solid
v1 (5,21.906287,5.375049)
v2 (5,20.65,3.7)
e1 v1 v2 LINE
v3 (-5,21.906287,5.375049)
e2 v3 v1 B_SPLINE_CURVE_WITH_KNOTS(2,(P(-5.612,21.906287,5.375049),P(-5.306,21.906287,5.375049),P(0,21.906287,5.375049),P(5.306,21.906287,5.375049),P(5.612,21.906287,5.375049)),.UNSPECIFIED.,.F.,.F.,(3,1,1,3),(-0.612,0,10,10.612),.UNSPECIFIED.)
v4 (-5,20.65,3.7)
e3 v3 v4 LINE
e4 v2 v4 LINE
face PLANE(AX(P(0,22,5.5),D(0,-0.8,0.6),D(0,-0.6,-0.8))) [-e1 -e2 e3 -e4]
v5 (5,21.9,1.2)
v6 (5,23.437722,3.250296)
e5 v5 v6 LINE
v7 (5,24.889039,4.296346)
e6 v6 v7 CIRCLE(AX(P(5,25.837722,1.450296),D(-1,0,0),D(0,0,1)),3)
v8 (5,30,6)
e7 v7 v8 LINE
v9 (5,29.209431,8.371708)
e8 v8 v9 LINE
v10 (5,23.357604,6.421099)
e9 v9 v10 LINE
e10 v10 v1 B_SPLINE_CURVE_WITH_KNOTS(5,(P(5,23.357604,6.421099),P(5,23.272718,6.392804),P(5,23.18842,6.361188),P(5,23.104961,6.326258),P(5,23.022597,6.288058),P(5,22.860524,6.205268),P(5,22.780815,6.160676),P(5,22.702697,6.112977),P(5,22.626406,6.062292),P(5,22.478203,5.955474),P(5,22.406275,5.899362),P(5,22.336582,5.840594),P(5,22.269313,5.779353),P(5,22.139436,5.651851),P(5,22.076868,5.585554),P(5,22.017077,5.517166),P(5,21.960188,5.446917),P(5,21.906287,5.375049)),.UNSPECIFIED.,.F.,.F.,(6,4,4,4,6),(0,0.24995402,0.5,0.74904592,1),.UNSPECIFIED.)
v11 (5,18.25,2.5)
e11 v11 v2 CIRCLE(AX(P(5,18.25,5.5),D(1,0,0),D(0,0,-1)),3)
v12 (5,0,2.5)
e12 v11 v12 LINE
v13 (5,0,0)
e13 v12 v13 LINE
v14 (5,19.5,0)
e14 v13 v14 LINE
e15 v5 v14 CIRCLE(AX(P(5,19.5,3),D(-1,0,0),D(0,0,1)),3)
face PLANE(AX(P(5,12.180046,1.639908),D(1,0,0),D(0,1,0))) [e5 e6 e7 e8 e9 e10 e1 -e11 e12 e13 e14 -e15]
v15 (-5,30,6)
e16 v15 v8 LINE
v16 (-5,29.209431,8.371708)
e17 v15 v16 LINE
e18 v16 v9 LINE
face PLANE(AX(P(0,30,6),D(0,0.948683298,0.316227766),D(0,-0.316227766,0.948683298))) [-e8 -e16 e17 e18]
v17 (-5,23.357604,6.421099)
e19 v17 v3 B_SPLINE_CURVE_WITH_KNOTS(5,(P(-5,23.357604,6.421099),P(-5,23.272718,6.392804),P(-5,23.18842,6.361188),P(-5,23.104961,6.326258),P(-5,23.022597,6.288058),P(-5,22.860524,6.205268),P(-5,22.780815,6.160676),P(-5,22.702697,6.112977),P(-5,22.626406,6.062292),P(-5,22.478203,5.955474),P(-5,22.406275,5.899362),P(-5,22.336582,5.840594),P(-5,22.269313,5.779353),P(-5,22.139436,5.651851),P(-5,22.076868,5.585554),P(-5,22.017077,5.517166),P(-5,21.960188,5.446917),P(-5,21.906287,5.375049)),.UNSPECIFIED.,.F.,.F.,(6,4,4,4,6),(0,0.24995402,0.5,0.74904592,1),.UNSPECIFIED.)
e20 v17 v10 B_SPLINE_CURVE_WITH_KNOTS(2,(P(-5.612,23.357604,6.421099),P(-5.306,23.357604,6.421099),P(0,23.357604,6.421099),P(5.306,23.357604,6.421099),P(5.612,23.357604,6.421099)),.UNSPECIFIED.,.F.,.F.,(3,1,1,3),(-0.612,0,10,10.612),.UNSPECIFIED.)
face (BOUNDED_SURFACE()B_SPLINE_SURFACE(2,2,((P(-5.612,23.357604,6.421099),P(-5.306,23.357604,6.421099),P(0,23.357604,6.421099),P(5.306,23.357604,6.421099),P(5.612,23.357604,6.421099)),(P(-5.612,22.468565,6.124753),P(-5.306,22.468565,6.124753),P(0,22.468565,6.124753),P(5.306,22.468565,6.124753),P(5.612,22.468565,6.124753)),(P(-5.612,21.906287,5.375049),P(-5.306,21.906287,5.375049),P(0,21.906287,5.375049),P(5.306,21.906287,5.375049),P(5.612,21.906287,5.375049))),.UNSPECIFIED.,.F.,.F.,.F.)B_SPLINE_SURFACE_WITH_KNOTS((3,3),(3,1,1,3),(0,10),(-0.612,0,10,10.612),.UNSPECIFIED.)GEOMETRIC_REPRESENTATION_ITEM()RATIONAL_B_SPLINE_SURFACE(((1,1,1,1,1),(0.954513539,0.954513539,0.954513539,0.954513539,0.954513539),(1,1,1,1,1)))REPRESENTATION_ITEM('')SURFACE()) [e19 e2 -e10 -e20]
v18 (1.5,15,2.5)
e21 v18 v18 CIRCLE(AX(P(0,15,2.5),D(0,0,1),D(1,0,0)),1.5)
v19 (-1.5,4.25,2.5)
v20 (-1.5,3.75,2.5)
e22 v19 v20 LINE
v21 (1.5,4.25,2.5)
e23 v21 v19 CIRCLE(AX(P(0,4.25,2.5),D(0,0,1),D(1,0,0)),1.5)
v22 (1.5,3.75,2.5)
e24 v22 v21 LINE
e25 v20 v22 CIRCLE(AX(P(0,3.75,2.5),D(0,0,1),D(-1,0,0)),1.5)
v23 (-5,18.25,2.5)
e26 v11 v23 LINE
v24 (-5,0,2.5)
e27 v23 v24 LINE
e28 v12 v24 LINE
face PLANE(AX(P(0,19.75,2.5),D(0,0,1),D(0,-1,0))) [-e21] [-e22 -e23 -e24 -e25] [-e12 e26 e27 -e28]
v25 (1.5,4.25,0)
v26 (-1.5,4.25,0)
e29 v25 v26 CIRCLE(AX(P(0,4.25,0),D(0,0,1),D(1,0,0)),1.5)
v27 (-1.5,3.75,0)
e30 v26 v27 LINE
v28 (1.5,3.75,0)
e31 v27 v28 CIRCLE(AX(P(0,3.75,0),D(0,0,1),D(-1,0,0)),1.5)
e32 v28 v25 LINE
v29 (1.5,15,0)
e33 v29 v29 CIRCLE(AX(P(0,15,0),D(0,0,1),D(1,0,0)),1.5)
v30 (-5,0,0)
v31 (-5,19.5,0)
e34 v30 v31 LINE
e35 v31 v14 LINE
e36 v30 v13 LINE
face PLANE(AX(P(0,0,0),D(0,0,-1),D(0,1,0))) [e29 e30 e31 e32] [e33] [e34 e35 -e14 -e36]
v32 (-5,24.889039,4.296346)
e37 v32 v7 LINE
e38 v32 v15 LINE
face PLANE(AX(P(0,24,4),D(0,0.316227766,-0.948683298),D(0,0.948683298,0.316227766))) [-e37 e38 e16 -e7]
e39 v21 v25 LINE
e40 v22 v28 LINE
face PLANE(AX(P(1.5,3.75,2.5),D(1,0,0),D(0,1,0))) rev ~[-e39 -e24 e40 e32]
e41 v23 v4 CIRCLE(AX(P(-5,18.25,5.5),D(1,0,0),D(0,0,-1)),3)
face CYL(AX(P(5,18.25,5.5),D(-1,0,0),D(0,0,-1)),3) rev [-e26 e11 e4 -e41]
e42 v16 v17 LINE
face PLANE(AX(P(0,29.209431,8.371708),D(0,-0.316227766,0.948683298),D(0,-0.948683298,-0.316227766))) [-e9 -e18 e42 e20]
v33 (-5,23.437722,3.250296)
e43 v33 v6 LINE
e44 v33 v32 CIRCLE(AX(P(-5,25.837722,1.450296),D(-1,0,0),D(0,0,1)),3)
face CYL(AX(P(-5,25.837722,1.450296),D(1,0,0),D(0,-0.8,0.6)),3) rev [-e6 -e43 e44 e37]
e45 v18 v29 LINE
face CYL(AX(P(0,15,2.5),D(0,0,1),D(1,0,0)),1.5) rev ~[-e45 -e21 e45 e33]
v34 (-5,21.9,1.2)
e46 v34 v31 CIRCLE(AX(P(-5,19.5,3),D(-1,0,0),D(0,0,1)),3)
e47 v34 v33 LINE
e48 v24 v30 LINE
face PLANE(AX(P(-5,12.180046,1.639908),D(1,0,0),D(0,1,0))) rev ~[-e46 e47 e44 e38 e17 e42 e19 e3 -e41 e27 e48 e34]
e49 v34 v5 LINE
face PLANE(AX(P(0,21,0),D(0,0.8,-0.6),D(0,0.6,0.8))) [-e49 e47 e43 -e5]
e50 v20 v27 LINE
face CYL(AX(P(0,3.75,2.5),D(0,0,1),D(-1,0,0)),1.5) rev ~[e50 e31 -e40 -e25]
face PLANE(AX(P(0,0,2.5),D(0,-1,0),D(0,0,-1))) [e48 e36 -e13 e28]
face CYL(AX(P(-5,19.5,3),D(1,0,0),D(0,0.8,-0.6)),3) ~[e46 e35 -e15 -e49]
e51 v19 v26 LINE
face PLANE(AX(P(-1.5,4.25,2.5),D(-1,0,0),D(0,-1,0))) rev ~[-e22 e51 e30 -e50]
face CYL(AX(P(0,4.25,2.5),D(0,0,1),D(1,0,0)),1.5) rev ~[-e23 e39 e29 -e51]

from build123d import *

# Parameters (mm, degrees)
F1_DEPTH      = 5
F1_DEPTH_BACK = 5
F2_R          = 3
F3_R          = 3
F4_R          = 1.5
F5_DEPTH      = 2.5


with BuildPart() as f1:
    # F0 (on Right) → F1 (new body, two sides)
    with BuildSketch(Plane.YZ) as f1_sk:
        Polygon((0, 2.5), (0, 0), (21, 0), (24, 4), (22, 5.5), (19.75, 2.5), align=None)
        Polygon((22, 5.5), (24, 4), (30, 6), (29.209430585, 8.3717082451), (22.4685647168, 6.1247529557), align=None)
    extrude(amount=F1_DEPTH)
    extrude(f1_sk.sketch, amount=-F1_DEPTH_BACK)

    # F2
    f2_edges = [f1.edges().sort_by_distance(p)[0] for p in [
        (0, 21, 0),
        (0, 19.75, 2.5),
    ]]
    fillet(f2_edges, radius=F2_R)

    # F3
    f3_edges = [f1.edges().sort_by_distance(p)[0] for p in [
        (0, 22.468565, 6.124753),
        (0, 24, 4),
    ]]
    fillet(f3_edges, radius=F3_R)

    # F4 (on face) → F5 (cut, through all)
    with BuildSketch(Plane.XY.offset(2.5)):
        with Locations((0, 15)):
            Circle(F4_R)
        with BuildLine():
            ThreePointArc((1.4947825929, 3.875), (1.4986950806, 3.937445581), (1.5, 4))
            ThreePointArc((1.5, 4), (1.4986950806, 4.062554419), (1.4947825929, 4.125))
            ThreePointArc((1.4947825929, 4.125), (1.4882142436, 4.0623344324), (1.4790199458, 4))
            ThreePointArc((1.4790199458, 4), (1.4882142436, 3.9376655676), (1.4947825929, 3.875))
        make_face()
        with BuildLine():
            ThreePointArc((-1.4790199458, 4), (-1.4882142436, 4.0623344324), (-1.4947825929, 4.125))
            ThreePointArc((-1.4947825929, 4.125), (-1.4986950806, 4.062554419), (-1.5, 4))
            ThreePointArc((-1.5, 4), (-1.4986950806, 3.937445581), (-1.4947825929, 3.875))
            ThreePointArc((-1.4947825929, 3.875), (-1.4882142436, 3.9376655676), (-1.4790199458, 4))
        make_face()
        with BuildLine():
            ThreePointArc((-1.4790199458, 4), (0, 2.75), (1.4790199458, 4))
            ThreePointArc((1.4790199458, 4), (0, 5.25), (-1.4790199458, 4))
        make_face()
        with BuildLine():
            ThreePointArc((1.4790199458, 4), (1.4882142436, 4.0623344324), (1.4947825929, 4.125))
            ThreePointArc((1.4947825929, 4.125), (0, 5.5), (-1.4947825929, 4.125))
            ThreePointArc((-1.4947825929, 4.125), (-1.4882142436, 4.0623344324), (-1.4790199458, 4))
            ThreePointArc((-1.4790199458, 4), (0, 5.25), (1.4790199458, 4))
        make_face()
        with BuildLine():
            ThreePointArc((-1.4947825929, 4.125), (0, 5.5), (1.4947825929, 4.125))
            ThreePointArc((1.4947825929, 4.125), (1.4986950806, 4.187445581), (1.5, 4.25))
            ThreePointArc((1.5, 4.25), (0, 5.75), (-1.5, 4.25))
            ThreePointArc((-1.5, 4.25), (-1.4986950806, 4.187445581), (-1.4947825929, 4.125))
        make_face()
        with BuildLine():
            ThreePointArc((-1.4947825929, 3.875), (0, 2.5), (1.4947825929, 3.875))
            ThreePointArc((1.4947825929, 3.875), (1.4882142436, 3.9376655676), (1.4790199458, 4))
            ThreePointArc((1.4790199458, 4), (0, 2.75), (-1.4790199458, 4))
            ThreePointArc((-1.4790199458, 4), (-1.4882142436, 3.9376655676), (-1.4947825929, 3.875))
        make_face()
        with BuildLine():
            ThreePointArc((1.5, 3.75), (1.4986950806, 3.812554419), (1.4947825929, 3.875))
            ThreePointArc((1.4947825929, 3.875), (0, 2.5), (-1.4947825929, 3.875))
            ThreePointArc((-1.4947825929, 3.875), (-1.4986950806, 3.812554419), (-1.5, 3.75))
            ThreePointArc((-1.5, 3.75), (0, 2.25), (1.5, 3.75))
        make_face()
        with BuildLine():
            ThreePointArc((1.4947825929, 4.125), (1.4986950806, 4.062554419), (1.5, 4))
            Line((1.5, 4), (1.5, 4.25))
            ThreePointArc((1.5, 4.25), (1.4986950806, 4.187445581), (1.4947825929, 4.125))
        make_face()
        with BuildLine():
            Line((1.5, 3.75), (1.5, 4))
            ThreePointArc((1.5, 4), (1.4986950806, 3.937445581), (1.4947825929, 3.875))
            ThreePointArc((1.4947825929, 3.875), (1.4986950806, 3.812554419), (1.5, 3.75))
        make_face()
        with BuildLine():
            ThreePointArc((-1.5, 4), (-1.4986950806, 4.062554419), (-1.4947825929, 4.125))
            ThreePointArc((-1.4947825929, 4.125), (-1.4986950806, 4.187445581), (-1.5, 4.25))
            Line((-1.5, 4.25), (-1.5, 4))
        make_face()
        with BuildLine():
            ThreePointArc((-1.5, 3.75), (-1.4986950806, 3.812554419), (-1.4947825929, 3.875))
            ThreePointArc((-1.4947825929, 3.875), (-1.4986950806, 3.937445581), (-1.5, 4))
            Line((-1.5, 4), (-1.5, 3.75))
        make_face()
    extrude(amount=-F5_DEPTH, mode=Mode.SUBTRACT)


solid = f1.part
